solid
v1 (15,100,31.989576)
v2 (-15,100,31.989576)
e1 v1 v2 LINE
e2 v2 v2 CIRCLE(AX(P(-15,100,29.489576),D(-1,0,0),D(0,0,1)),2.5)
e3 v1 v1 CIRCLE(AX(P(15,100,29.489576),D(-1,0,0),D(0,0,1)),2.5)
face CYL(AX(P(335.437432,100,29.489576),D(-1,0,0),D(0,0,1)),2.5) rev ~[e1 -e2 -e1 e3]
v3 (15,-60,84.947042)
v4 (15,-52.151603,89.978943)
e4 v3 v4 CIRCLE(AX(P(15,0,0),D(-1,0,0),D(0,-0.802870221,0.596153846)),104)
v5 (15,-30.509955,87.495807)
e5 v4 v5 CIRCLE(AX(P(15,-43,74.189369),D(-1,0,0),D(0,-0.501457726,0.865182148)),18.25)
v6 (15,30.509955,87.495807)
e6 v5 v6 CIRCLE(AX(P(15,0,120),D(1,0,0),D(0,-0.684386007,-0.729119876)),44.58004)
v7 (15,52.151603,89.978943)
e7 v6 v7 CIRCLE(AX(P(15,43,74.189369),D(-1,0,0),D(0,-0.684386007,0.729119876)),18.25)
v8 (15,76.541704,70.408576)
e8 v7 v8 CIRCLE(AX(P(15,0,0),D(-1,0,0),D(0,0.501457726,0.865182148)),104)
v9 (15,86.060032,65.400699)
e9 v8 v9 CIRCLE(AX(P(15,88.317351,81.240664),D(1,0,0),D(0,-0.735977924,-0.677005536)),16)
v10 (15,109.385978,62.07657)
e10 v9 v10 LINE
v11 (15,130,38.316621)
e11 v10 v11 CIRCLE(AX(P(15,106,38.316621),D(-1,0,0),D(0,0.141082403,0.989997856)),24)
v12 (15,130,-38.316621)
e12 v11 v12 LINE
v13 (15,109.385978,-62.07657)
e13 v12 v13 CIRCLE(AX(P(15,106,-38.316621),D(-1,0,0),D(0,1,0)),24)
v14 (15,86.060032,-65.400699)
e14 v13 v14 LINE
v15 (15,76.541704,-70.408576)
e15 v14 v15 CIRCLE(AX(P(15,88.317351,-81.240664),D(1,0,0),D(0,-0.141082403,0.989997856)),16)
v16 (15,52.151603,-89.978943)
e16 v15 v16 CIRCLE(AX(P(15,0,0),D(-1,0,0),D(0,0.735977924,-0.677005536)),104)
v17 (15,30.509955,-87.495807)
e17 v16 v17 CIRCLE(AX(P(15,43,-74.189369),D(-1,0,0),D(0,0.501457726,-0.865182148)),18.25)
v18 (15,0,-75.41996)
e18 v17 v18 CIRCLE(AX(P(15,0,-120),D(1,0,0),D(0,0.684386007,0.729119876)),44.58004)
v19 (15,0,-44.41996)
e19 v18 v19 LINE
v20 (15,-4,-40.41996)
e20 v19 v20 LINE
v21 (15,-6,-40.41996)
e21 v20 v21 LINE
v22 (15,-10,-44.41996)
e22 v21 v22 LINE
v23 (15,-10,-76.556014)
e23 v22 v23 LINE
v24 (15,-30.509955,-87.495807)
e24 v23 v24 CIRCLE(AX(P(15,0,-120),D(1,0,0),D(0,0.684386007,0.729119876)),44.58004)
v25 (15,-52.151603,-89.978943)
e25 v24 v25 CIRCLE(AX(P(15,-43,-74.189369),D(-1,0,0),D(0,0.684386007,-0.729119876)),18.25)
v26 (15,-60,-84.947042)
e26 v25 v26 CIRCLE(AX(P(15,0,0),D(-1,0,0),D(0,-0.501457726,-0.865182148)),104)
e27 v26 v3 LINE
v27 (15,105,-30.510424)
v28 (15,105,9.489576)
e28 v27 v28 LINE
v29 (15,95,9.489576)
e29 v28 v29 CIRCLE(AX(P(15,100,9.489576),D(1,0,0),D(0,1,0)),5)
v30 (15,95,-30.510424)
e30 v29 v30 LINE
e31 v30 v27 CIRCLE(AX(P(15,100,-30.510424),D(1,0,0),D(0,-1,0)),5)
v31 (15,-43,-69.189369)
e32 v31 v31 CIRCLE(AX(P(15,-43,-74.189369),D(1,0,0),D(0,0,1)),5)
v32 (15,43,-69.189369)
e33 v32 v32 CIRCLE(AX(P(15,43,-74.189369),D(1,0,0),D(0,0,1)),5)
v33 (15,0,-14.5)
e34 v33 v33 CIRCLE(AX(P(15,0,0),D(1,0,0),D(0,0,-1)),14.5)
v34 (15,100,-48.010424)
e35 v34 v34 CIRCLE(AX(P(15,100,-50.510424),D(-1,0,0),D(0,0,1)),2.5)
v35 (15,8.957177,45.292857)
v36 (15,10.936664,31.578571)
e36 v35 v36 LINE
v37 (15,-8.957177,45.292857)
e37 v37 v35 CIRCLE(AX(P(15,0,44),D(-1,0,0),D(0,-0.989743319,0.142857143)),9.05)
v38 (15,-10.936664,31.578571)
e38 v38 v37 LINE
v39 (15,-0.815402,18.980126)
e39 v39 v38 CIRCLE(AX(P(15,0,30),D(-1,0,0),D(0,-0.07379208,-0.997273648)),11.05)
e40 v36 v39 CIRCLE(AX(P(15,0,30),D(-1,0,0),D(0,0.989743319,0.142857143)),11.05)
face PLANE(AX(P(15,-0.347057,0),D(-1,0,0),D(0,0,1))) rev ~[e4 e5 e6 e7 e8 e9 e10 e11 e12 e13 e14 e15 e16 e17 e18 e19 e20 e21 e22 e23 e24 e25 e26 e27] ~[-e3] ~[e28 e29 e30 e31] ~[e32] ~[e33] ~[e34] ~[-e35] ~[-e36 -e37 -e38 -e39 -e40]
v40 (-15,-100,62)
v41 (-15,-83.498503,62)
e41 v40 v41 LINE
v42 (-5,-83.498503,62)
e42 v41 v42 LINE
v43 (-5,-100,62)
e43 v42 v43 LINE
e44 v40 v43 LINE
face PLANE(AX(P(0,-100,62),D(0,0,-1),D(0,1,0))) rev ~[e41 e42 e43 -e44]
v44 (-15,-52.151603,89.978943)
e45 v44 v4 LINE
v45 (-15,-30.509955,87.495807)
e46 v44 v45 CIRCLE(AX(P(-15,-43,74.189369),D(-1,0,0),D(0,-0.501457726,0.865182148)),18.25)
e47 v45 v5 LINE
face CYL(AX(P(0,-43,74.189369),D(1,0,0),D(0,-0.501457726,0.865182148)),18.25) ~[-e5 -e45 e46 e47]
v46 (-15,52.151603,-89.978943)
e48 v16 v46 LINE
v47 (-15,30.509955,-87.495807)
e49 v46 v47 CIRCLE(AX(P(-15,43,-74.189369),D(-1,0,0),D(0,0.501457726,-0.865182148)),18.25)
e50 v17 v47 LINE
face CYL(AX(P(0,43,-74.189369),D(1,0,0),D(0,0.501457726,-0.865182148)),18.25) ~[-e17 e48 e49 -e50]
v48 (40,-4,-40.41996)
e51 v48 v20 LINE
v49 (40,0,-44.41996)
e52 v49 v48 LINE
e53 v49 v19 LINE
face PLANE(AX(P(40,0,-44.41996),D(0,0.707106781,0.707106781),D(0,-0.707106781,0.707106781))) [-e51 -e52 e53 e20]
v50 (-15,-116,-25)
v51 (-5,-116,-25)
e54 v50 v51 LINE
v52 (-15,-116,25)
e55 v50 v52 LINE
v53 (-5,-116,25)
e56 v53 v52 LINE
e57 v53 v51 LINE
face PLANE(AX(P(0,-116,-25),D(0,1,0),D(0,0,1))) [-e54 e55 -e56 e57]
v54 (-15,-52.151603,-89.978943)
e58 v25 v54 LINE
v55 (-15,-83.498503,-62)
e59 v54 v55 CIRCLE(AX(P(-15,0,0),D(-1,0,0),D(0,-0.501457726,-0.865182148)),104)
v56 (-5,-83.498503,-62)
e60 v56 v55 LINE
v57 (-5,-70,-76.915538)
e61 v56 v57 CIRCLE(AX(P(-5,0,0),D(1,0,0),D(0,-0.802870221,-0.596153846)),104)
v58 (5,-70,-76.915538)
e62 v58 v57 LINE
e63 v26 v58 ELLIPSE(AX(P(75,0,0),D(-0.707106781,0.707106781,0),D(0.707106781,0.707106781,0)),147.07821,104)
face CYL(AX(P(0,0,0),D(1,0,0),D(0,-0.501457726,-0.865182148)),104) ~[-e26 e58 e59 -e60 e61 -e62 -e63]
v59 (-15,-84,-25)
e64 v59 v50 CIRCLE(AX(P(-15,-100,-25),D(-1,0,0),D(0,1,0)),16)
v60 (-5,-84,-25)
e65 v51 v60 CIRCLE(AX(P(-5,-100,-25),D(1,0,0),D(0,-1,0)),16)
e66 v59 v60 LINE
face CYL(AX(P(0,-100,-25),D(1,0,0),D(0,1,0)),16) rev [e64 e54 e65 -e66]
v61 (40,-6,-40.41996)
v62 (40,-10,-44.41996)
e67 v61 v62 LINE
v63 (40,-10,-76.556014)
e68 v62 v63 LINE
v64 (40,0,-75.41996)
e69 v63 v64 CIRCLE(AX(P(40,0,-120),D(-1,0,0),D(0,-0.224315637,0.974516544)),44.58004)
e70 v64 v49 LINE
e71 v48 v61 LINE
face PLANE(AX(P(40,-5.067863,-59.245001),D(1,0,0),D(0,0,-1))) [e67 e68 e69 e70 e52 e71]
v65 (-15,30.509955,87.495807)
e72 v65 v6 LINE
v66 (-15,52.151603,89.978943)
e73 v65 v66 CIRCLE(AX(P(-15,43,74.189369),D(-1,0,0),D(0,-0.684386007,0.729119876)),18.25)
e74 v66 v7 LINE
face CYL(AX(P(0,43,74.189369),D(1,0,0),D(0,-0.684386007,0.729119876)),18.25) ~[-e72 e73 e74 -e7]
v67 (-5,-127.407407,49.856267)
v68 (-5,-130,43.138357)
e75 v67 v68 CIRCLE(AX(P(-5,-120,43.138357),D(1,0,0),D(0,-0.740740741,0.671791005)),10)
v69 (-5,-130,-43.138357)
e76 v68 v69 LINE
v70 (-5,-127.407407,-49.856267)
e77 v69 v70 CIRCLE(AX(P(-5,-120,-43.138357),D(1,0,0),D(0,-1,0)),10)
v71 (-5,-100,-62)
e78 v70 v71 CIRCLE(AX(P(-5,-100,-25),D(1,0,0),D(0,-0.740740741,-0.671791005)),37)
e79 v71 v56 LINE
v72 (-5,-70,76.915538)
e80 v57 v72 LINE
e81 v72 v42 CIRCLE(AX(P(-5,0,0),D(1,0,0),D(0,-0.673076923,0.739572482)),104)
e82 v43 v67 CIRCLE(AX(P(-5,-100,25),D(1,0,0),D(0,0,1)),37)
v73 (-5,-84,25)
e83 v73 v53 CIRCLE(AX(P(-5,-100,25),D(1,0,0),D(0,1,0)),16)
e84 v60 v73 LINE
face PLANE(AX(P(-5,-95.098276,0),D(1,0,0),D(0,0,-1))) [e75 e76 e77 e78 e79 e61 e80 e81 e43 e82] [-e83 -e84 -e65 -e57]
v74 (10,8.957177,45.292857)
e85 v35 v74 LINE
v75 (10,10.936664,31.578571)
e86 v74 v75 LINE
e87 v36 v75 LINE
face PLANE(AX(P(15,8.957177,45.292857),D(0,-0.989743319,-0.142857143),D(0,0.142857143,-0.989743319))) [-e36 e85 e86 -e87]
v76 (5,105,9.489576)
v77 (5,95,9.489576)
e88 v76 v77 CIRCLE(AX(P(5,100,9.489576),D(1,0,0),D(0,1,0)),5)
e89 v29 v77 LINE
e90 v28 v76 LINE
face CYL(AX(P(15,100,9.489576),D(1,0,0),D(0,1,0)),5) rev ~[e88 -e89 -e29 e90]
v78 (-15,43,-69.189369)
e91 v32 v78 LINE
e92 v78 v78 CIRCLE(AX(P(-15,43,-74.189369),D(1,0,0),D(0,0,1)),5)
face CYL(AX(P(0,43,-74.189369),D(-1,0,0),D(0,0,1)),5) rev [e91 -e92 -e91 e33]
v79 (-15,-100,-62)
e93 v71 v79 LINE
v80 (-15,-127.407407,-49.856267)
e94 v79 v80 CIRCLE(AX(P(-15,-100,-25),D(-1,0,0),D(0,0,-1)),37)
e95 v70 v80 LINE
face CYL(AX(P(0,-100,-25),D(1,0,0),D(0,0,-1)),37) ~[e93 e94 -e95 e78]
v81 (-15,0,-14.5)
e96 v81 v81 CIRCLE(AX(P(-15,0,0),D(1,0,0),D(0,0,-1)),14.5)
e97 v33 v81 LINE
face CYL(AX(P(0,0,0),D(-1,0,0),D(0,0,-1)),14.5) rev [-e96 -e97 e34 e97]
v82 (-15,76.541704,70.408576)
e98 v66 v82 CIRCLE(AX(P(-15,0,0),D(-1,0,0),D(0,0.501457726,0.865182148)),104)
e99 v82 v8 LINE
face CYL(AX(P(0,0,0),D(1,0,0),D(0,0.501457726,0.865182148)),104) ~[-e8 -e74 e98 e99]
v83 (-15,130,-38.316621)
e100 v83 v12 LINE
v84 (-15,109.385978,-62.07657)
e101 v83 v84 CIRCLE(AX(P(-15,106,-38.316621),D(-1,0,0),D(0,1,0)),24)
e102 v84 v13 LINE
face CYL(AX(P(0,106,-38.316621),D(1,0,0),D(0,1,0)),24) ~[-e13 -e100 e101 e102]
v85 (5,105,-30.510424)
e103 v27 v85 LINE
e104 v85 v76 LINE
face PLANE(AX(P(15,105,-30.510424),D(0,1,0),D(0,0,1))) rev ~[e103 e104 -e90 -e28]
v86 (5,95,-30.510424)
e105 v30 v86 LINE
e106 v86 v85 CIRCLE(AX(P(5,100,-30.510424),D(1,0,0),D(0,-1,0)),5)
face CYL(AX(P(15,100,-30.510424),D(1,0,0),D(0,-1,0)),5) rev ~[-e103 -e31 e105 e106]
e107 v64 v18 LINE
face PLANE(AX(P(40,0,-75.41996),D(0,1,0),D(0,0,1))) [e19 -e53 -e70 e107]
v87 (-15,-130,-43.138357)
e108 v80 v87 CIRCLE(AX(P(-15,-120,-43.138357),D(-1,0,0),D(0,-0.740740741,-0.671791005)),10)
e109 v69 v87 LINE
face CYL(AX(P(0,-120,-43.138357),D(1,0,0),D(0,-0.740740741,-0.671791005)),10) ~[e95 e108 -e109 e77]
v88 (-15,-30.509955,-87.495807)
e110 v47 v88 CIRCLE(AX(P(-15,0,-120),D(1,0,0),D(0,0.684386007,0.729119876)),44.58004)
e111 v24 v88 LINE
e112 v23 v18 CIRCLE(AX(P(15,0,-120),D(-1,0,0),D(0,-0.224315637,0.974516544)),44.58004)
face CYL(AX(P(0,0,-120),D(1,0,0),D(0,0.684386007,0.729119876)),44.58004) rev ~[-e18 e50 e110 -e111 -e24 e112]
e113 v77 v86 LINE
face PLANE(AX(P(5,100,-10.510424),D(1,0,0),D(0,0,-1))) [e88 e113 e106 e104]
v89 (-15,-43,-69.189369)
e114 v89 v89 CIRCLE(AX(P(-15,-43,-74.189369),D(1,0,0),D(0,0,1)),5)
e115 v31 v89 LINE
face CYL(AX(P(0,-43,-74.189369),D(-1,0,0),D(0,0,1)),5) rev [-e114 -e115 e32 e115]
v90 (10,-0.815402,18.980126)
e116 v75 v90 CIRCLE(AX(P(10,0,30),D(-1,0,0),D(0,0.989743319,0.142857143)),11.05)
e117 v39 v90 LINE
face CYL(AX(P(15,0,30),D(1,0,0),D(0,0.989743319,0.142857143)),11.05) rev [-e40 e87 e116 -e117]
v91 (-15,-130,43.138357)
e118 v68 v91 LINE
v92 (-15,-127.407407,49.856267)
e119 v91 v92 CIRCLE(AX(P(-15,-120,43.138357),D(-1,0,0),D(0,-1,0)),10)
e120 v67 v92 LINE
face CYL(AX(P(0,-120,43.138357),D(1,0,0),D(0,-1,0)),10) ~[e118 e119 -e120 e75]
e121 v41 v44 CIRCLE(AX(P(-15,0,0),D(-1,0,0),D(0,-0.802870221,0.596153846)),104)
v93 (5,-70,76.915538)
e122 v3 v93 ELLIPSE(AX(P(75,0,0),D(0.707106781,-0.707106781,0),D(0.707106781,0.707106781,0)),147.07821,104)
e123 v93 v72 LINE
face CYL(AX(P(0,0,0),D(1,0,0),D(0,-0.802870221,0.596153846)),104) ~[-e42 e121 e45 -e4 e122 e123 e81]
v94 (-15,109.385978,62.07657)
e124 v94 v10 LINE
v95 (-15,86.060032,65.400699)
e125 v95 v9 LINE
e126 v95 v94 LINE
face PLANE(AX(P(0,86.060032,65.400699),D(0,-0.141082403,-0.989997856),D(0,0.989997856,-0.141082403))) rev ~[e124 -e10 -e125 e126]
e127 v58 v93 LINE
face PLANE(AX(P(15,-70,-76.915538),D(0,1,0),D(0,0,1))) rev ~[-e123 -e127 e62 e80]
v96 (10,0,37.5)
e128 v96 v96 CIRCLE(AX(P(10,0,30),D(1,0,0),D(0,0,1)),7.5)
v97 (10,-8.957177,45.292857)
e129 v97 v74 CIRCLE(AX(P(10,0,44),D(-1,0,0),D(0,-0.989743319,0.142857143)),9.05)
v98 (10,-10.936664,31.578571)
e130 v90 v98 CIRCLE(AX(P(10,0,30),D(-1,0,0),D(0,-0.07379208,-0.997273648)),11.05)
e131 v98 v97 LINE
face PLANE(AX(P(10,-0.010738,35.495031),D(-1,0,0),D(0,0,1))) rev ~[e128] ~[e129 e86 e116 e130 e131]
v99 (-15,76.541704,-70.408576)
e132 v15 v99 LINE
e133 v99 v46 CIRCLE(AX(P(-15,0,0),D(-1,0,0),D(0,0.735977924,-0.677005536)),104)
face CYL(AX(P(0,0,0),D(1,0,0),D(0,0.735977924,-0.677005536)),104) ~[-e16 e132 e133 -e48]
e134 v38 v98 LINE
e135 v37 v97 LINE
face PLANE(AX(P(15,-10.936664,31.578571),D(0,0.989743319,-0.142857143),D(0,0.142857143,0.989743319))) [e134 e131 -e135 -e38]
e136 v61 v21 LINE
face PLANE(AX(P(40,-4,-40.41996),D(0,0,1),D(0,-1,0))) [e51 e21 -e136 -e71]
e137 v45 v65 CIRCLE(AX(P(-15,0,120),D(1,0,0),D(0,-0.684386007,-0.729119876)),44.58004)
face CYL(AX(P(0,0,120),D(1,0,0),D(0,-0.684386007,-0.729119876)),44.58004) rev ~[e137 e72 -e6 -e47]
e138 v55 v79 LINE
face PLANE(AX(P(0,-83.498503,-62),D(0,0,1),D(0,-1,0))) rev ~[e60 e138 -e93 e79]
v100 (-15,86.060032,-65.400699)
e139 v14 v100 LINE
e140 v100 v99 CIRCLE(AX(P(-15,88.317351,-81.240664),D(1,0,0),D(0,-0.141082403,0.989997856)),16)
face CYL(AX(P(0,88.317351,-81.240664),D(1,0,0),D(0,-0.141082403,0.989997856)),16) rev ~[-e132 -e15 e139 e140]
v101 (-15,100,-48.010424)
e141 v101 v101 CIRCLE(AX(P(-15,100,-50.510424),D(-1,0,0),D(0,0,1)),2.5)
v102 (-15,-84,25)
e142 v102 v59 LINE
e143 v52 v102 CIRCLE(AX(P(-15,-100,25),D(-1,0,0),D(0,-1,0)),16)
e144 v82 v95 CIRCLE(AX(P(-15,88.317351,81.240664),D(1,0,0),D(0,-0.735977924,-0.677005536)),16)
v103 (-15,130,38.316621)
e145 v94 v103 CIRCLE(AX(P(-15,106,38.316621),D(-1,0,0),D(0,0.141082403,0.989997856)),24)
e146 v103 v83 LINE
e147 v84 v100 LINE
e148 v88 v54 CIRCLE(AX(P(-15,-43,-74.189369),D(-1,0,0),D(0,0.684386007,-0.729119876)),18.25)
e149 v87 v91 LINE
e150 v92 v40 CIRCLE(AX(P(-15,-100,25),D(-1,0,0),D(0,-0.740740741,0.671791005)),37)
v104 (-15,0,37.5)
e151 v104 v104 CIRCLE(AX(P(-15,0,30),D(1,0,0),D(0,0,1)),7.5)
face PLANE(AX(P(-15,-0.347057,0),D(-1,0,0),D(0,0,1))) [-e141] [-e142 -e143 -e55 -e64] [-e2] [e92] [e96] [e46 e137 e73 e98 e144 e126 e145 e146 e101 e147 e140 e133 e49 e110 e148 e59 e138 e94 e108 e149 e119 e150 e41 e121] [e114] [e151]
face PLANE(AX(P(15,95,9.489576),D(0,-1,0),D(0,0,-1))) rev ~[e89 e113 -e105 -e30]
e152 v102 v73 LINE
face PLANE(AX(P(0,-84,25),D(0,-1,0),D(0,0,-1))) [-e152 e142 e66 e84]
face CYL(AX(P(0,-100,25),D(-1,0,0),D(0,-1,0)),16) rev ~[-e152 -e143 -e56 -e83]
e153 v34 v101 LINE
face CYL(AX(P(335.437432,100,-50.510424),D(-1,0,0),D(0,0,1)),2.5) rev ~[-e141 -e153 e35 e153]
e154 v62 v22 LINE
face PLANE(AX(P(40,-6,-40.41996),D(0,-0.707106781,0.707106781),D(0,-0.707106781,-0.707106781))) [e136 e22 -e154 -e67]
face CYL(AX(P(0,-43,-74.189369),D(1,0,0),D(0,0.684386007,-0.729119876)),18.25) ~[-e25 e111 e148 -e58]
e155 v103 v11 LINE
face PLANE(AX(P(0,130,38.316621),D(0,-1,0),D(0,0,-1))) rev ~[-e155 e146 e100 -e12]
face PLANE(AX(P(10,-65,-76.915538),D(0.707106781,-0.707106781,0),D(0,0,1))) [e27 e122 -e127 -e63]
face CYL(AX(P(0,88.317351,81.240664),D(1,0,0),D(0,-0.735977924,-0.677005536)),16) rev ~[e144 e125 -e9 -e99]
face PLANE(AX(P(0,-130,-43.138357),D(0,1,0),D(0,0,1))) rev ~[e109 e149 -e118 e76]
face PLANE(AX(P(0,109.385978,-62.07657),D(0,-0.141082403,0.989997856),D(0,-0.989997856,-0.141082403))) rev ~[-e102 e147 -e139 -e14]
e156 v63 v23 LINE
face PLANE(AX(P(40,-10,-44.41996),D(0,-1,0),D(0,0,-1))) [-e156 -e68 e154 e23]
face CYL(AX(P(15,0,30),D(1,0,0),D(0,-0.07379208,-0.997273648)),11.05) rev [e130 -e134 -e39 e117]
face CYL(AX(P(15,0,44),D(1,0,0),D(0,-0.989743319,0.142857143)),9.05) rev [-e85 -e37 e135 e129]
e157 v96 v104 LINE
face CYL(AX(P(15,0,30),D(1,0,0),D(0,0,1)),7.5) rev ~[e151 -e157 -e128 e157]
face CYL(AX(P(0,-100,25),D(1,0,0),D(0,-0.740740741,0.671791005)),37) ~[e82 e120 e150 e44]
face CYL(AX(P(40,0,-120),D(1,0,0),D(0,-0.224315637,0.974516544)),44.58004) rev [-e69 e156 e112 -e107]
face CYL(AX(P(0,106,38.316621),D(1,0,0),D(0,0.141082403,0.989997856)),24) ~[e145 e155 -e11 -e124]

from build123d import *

# Parameters (mm, degrees)
SZKIC1_R                    = 14.5
SZKIC1_R_2                  = 5
DODANIE_WYCI_GNI_CIE1_DEPTH = 15
M6_TAPPED_HOLE1_D           = 5
DODANIE_WYCI_GNI_CIE3_START = -25
DODANIE_WYCI_GNI_CIE3_DEPTH = 25
WYTNIJ_WYCI_GNI_CIE2_DEPTH  = 10
WYTNIJ_WYCI_GNI_CIE4_DEPTH  = 20
SFAZOWANIE4_SIZE            = 10
WYTNIJ_WYCI_GNI_CIE5_DEPTH  = 5
SZKIC17_5_R                 = 7.5
WYTNIJ_WYCI_GNI_CIE6_DEPTH  = 163.311542951


with BuildPart() as part:
    # Szkic1 → Dodanie-wyciągnięcie1 (new, symmetric)
    with BuildSketch(Plane(origin=(0, 0, 0), x_dir=(0, 0, -1), z_dir=(1, 0, 0))):
        with BuildLine():
            Line((62.076569761, 109.385977671), (65.40069858, 86.060032436))
            ThreePointArc((65.40069858, 86.060032436), (67.080888035, 80.867469231), (70.408575711, 76.541704099))
            ThreePointArc((70.408575711, 76.541704099), (81.115709466, 65.086416999), (89.978943384, 52.151603499))
            ThreePointArc((89.978943384, 52.151603499), (92.32041193, 40.919666146), (87.495806927, 30.50995538))
            ThreePointArc((87.495806927, 30.50995538), (75.419960244, 0), (87.495806927, -30.50995538))
            ThreePointArc((87.495806927, -30.50995538), (92.32041193, -40.919666146), (89.978943384, -52.151603499))
            ThreePointArc((89.978943384, -52.151603499), (77.589025222, -69.25274843), (62, -83.498502981))
            Line((62, -83.498502981), (62, -100))
            ThreePointArc((62, -100), (58.828108774, -114.988630917), (49.856267202, -127.407407407))
            ThreePointArc((49.856267202, -127.407407407), (46.738768646, -129.329364235), (43.138357147, -130))
            Line((43.138357147, -130), (25, -130))
            Line((25, -130), (-25, -130))
            Line((-25, -130), (-43.138357147, -130))
            ThreePointArc((-43.138357147, -130), (-46.738768646, -129.329364235), (-49.856267202, -127.407407407))
            ThreePointArc((-49.856267202, -127.407407407), (-58.828108774, -114.988630917), (-62, -100))
            Line((-62, -100), (-62, -83.498502981))
            ThreePointArc((-62, -83.498502981), (-77.589025222, -69.25274843), (-89.978943384, -52.151603499))
            ThreePointArc((-89.978943384, -52.151603499), (-92.32041193, -40.919666146), (-87.495806927, -30.50995538))
            ThreePointArc((-87.495806927, -30.50995538), (-75.419960244, 0), (-87.495806927, 30.50995538))
            ThreePointArc((-87.495806927, 30.50995538), (-92.32041193, 40.919666146), (-89.978943384, 52.151603499))
            ThreePointArc((-89.978943384, 52.151603499), (-81.115709466, 65.086416999), (-70.408575711, 76.541704099))
            ThreePointArc((-70.408575711, 76.541704099), (-67.080888035, 80.867469231), (-65.40069858, 86.060032436))
            Line((-65.40069858, 86.060032436), (-62.076569761, 109.385977671))
            ThreePointArc((-62.076569761, 109.385977671), (-54.044566654, 124.12820267), (-38.316621209, 130))
            Line((-38.316621209, 130), (38.316621209, 130))
            ThreePointArc((38.316621209, 130), (54.044566654, 124.12820267), (62.076569761, 109.385977671))
        make_face()
        Circle(SZKIC1_R, mode=Mode.SUBTRACT)
        with Locations((74.189369185, -43)):
            Circle(SZKIC1_R_2, mode=Mode.SUBTRACT)
        with Locations((74.189369185, 43)):
            Circle(SZKIC1_R_2, mode=Mode.SUBTRACT)
        with BuildLine():
            Line((-25, -84), (25, -84))
            ThreePointArc((25, -84), (41, -100), (25, -116))
            Line((25, -116), (-25, -116))
            ThreePointArc((-25, -116), (-41, -100), (-25, -84))
        make_face(mode=Mode.SUBTRACT)
    extrude(amount=DODANIE_WYCI_GNI_CIE1_DEPTH, both=True)

    # M6 Tapped Hole1 (through all)
    with Locations(Plane(origin=(15, 0, 0), x_dir=(0, 0, -1), z_dir=(1, 0, 0))):
        with Locations((-29.489576473, 100), (50.510423527, 100)):
            Hole(M6_TAPPED_HOLE1_D / 2)

    # Szkic5 → Dodanie-wyciągnięcie3 (add)
    with BuildSketch(Plane.ZY.offset(-15).offset(DODANIE_WYCI_GNI_CIE3_START)):
        with BuildLine():
            Line((-40.419960244, -6), (-44.419960244, -10))
            Line((-44.419960244, -10), (-76.556013712, -10))
            ThreePointArc((-76.556013712, -10), (-75.704884126, -5.032161998), (-75.419960244, 0))
            Line((-75.419960244, 0), (-44.419960244, 0))
            Line((-44.419960244, 0), (-40.419960244, -4))
            Line((-40.419960244, -4), (-40.419960244, -6))
        make_face()
    extrude(amount=DODANIE_WYCI_GNI_CIE3_DEPTH)

    # Szkic12 → Wytnij-wyciągnięcie2 (cut)
    with BuildSketch(Plane(origin=(15, 0, 0), x_dir=(0, 0, -1), z_dir=(1, 0, 0))):
        with BuildLine():
            Line((30.510423527, 105), (-9.489576473, 105))
            ThreePointArc((-9.489576473, 105), (-14.489576473, 100), (-9.489576473, 95))
            Line((-9.489576473, 95), (30.510423527, 95))
            ThreePointArc((30.510423527, 95), (35.510423527, 100), (30.510423527, 105))
        make_face()
    extrude(amount=-WYTNIJ_WYCI_GNI_CIE2_DEPTH, mode=Mode.SUBTRACT)

    # Szkic16 → Wytnij-wyciągnięcie4 (cut)
    with BuildSketch(Plane(origin=(15, 0, 0), x_dir=(0, 0, -1), z_dir=(1, 0, 0))):
        with BuildLine():
            Line((-43.138357147, -130), (43.138357147, -130))
            ThreePointArc((43.138357147, -130), (46.738768646, -129.329364235), (49.856267202, -127.407407407))
            ThreePointArc((49.856267202, -127.407407407), (58.828108774, -114.988630917), (62, -100))
            Line((62, -100), (62, -83.498502981))
            ThreePointArc((62, -83.498502981), (69.784912958, -77.110738056), (76.915538092, -70))
            Line((76.915538092, -70), (-76.915538092, -70))
            ThreePointArc((-76.915538092, -70), (-69.784912958, -77.110738056), (-62, -83.498502981))
            Line((-62, -83.498502981), (-62, -100))
            ThreePointArc((-62, -100), (-58.828108774, -114.988630917), (-49.856267202, -127.407407407))
            ThreePointArc((-49.856267202, -127.407407407), (-46.738768646, -129.329364235), (-43.138357147, -130))
        make_face()
        with BuildLine():
            Line((-25, -116), (25, -116))
            ThreePointArc((25, -116), (41, -100), (25, -84))
            Line((25, -84), (-25, -84))
            ThreePointArc((-25, -84), (-41, -100), (-25, -116))
        make_face(mode=Mode.SUBTRACT)
    extrude(amount=-WYTNIJ_WYCI_GNI_CIE4_DEPTH, mode=Mode.SUBTRACT)

    # Sfazowanie4
    sfazowanie4_edges = [part.edges().sort_by_distance(p)[0] for p in [
        (15, -70, 0),
    ]]
    chamfer(sfazowanie4_edges, length=SFAZOWANIE4_SIZE)

    # Szkic17 → Wytnij-wyciągnięcie5 (cut)
    with BuildSketch(Plane(origin=(15, 0, 0), x_dir=(0, 0, -1), z_dir=(1, 0, 0))):
        with BuildLine():
            Line((-31.578571429, -10.936663672), (-45.292857143, -8.957177035))
            ThreePointArc((-45.292857143, -8.957177035), (-53.050000001, 0), (-45.292857143, 8.957177034))
            Line((-45.292857143, 8.957177034), (-31.578571428, 10.93666367))
            ThreePointArc((-31.578571428, 10.93666367), (-22.462605729, 8.080234378), (-18.98012619, -0.815402484))
            ThreePointArc((-18.98012619, -0.815402484), (-23.079412621, -8.614404817), (-31.578571429, -10.936663672))
        make_face()
    extrude(amount=-WYTNIJ_WYCI_GNI_CIE5_DEPTH, mode=Mode.SUBTRACT)

    # Szkic17<5> → Wytnij-wyciągnięcie6 (cut, through all)
    with BuildSketch(Plane(origin=(15, 0, 0), x_dir=(0, 0, -1), z_dir=(1, 0, 0))):
        with Locations((-30, -1e-09)):
            Circle(SZKIC17_5_R)
    extrude(amount=-WYTNIJ_WYCI_GNI_CIE6_DEPTH, mode=Mode.SUBTRACT)


solid = part.part
